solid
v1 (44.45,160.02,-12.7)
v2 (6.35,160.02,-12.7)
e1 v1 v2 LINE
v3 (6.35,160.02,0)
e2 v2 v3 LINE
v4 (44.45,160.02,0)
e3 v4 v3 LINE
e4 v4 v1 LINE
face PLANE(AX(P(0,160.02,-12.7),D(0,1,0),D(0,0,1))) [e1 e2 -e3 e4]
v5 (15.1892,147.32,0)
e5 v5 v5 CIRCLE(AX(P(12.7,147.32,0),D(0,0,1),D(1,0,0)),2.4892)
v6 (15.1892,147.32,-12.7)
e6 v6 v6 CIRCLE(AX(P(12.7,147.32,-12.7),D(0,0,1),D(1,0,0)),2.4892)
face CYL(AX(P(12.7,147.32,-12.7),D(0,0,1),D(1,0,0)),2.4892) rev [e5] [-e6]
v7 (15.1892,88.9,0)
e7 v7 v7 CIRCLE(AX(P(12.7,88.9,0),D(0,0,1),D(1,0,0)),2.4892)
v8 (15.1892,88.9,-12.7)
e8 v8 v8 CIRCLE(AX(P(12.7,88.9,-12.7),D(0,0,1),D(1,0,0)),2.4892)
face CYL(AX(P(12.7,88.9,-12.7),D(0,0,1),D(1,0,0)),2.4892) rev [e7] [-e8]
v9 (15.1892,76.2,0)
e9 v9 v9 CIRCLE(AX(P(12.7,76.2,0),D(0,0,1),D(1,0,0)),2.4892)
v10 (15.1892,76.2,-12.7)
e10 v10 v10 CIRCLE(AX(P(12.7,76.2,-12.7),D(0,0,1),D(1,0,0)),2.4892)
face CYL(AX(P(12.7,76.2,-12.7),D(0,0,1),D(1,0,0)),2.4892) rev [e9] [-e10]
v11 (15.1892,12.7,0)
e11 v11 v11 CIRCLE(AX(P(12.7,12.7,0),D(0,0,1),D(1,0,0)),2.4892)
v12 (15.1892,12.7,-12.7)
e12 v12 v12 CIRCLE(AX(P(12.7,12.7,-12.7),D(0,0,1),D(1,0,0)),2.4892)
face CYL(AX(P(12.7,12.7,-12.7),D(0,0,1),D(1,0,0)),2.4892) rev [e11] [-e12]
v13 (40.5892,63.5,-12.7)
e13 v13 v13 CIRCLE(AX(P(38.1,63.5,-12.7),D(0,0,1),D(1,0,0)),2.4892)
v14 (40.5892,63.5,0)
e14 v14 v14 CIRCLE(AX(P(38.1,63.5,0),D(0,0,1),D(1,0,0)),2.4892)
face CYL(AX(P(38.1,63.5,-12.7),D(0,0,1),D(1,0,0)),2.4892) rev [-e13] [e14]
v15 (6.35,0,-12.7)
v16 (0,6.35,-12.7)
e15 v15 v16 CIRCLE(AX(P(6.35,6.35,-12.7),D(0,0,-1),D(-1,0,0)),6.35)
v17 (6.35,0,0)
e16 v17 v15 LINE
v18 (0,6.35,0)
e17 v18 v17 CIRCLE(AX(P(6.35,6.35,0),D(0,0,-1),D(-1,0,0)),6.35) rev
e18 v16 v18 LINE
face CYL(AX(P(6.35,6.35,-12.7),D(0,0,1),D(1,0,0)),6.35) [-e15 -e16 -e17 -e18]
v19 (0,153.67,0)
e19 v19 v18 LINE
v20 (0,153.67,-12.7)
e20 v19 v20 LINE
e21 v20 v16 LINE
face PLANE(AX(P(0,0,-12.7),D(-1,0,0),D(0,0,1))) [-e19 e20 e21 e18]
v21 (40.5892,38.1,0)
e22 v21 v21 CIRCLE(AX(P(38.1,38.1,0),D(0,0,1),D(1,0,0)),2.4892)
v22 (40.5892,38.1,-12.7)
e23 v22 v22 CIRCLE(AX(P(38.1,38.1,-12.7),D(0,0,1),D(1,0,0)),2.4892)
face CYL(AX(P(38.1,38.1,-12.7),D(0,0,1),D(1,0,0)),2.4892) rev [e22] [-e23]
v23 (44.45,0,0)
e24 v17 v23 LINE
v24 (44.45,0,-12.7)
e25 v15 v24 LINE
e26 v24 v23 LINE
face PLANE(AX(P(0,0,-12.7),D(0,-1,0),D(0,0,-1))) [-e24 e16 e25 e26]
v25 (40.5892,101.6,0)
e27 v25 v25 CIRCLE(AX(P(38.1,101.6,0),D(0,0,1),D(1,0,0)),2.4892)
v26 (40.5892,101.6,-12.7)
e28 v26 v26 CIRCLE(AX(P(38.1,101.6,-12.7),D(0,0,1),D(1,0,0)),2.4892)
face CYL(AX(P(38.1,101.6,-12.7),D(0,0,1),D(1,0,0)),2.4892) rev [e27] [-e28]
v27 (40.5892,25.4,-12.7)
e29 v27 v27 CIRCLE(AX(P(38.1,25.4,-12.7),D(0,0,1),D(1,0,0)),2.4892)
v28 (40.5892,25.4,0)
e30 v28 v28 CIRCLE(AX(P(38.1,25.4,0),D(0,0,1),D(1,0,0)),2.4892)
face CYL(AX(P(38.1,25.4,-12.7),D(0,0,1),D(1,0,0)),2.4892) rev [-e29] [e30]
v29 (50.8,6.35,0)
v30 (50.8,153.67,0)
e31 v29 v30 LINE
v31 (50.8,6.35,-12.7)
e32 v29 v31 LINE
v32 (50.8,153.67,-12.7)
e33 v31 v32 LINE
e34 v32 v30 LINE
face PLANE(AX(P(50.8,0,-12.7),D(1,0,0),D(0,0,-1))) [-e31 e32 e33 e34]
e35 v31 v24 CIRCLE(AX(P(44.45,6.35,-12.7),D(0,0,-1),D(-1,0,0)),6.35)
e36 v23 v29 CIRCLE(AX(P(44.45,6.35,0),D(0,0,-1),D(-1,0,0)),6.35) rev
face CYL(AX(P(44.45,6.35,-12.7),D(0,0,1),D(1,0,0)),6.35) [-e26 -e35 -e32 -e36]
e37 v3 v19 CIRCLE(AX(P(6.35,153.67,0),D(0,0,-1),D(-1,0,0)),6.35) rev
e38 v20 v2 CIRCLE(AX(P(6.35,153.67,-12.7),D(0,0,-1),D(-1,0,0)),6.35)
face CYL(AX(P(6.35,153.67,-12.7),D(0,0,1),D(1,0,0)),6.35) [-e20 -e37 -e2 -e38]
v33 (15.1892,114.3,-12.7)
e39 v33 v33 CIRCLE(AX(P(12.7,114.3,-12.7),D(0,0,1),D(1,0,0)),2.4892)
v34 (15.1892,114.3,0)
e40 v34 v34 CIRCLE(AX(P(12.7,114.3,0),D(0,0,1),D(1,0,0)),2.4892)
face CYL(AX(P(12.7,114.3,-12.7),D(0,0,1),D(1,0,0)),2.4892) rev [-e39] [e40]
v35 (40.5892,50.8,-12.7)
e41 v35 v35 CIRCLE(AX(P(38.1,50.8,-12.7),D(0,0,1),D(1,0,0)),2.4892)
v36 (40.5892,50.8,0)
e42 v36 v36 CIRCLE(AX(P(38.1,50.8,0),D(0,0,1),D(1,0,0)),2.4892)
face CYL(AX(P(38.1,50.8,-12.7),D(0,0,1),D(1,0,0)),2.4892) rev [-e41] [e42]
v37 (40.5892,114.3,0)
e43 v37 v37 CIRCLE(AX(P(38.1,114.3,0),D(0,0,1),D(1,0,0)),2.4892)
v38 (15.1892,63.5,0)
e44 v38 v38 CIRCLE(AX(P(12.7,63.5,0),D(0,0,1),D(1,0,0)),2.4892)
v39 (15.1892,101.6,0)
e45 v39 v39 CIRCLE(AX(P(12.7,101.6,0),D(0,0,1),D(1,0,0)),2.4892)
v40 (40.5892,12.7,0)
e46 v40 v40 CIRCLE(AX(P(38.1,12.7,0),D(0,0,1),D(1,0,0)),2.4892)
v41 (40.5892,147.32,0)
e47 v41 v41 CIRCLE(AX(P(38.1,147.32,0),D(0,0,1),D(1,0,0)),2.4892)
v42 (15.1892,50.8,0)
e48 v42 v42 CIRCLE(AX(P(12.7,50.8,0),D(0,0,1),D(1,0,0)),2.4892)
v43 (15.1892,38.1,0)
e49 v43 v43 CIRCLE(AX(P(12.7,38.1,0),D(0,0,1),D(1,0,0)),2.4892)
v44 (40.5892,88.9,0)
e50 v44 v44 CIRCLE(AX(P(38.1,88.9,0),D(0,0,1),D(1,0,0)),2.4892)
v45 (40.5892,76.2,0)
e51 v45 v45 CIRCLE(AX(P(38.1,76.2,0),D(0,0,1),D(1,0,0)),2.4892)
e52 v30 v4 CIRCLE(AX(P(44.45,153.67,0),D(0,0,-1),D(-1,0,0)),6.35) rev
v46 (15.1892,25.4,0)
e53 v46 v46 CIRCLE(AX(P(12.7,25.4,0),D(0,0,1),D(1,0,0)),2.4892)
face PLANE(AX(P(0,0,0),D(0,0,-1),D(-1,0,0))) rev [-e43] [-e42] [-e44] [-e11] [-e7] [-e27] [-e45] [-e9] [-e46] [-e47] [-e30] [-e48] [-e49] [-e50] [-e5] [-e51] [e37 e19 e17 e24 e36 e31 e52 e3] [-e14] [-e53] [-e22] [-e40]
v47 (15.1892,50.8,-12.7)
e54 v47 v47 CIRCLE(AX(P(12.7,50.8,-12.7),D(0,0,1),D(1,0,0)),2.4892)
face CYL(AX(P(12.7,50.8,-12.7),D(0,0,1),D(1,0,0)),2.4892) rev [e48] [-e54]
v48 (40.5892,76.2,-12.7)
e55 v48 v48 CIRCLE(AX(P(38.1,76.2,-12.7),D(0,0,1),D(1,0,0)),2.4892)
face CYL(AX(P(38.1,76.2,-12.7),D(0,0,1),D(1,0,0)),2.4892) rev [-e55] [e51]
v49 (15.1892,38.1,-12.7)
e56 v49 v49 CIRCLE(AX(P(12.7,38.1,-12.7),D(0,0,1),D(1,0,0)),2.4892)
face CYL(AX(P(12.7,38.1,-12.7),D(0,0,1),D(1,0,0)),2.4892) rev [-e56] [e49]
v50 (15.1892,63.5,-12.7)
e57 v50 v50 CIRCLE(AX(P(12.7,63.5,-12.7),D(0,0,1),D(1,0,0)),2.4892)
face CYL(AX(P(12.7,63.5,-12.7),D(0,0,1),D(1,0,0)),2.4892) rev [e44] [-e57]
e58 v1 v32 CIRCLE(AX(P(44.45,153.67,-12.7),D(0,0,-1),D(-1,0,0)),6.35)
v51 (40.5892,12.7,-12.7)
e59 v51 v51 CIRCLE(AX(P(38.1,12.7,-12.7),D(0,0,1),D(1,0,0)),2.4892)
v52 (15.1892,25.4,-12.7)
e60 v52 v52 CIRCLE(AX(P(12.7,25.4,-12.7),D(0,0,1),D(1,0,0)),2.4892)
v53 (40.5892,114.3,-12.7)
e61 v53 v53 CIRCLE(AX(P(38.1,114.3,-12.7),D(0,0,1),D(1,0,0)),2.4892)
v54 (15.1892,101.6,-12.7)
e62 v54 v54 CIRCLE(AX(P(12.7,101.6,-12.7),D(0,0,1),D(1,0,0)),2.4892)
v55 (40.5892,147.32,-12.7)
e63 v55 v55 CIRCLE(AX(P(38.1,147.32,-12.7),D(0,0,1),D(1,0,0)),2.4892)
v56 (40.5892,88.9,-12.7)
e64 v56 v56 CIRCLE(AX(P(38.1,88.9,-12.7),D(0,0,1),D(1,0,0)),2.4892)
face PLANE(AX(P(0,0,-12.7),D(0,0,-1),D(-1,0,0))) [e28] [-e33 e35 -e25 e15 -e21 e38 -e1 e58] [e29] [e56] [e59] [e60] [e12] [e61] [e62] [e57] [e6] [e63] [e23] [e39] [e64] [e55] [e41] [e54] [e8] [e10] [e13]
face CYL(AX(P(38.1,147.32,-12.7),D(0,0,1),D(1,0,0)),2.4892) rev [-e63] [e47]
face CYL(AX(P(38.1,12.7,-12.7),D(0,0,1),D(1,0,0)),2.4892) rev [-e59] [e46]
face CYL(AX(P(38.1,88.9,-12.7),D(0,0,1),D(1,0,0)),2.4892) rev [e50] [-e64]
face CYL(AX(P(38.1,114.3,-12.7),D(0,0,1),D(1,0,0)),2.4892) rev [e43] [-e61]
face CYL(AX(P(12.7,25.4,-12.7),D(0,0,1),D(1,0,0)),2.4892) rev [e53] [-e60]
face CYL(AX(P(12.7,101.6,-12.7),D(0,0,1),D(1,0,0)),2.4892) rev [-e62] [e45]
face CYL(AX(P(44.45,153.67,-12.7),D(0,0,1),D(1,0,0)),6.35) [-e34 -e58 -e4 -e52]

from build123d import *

# Parameters (mm, degrees)
SKETCH2_W           = 50.8
SKETCH2_H           = 160.02
BOSS_EXTRUDE1_DEPTH = 12.7
SKETCH3_R           = 2.4892
CUT_EXTRUDE1_DEPTH  = 169.369624339
FILLET1_R           = 6.35


with BuildPart() as part:
    # Sketch2 → Boss-Extrude1 (new body)
    with BuildSketch(Plane.XY):
        with Locations((25.4, 80.01)):
            Rectangle(SKETCH2_W, SKETCH2_H)
    extrude(amount=-BOSS_EXTRUDE1_DEPTH)

    # Sketch3 → Cut-Extrude1 (cut, through all)
    with BuildSketch(Plane.XY):
        with Locations((12.7, 147.32)):
            Circle(SKETCH3_R)
        with Locations((38.1, 147.32)):
            Circle(SKETCH3_R)
        with Locations((12.7, 114.3)):
            Circle(SKETCH3_R)
        with Locations((12.7, 101.6)):
            Circle(SKETCH3_R)
        with Locations((12.7, 88.9)):
            Circle(SKETCH3_R)
        with Locations((12.7, 76.2)):
            Circle(SKETCH3_R)
        with Locations((12.7, 63.5)):
            Circle(SKETCH3_R)
        with Locations((12.7, 50.8)):
            Circle(SKETCH3_R)
        with Locations((12.7, 38.1)):
            Circle(SKETCH3_R)
        with Locations((12.7, 25.4)):
            Circle(SKETCH3_R)
        with Locations((12.7, 12.7)):
            Circle(SKETCH3_R)
        with Locations((38.1, 101.6)):
            Circle(SKETCH3_R)
        with Locations((38.1, 88.9)):
            Circle(SKETCH3_R)
        with Locations((38.1, 76.2)):
            Circle(SKETCH3_R)
        with Locations((38.1, 63.5)):
            Circle(SKETCH3_R)
        with Locations((38.1, 50.8)):
            Circle(SKETCH3_R)
        with Locations((38.1, 38.1)):
            Circle(SKETCH3_R)
        with Locations((38.1, 25.4)):
            Circle(SKETCH3_R)
        with Locations((38.1, 12.7)):
            Circle(SKETCH3_R)
        with Locations((38.1, 114.3)):
            Circle(SKETCH3_R)
    extrude(amount=-CUT_EXTRUDE1_DEPTH, mode=Mode.SUBTRACT)

    # Fillet1
    fillet1_edges = [part.edges().sort_by_distance(p)[0] for p in [
        (0, 160.02, -6.35),
        (50.8, 160.02, -6.35),
        (50.8, 0, -6.35),
        (0, 0, -6.35),
    ]]
    fillet(fillet1_edges, radius=FILLET1_R)


solid = part.part
